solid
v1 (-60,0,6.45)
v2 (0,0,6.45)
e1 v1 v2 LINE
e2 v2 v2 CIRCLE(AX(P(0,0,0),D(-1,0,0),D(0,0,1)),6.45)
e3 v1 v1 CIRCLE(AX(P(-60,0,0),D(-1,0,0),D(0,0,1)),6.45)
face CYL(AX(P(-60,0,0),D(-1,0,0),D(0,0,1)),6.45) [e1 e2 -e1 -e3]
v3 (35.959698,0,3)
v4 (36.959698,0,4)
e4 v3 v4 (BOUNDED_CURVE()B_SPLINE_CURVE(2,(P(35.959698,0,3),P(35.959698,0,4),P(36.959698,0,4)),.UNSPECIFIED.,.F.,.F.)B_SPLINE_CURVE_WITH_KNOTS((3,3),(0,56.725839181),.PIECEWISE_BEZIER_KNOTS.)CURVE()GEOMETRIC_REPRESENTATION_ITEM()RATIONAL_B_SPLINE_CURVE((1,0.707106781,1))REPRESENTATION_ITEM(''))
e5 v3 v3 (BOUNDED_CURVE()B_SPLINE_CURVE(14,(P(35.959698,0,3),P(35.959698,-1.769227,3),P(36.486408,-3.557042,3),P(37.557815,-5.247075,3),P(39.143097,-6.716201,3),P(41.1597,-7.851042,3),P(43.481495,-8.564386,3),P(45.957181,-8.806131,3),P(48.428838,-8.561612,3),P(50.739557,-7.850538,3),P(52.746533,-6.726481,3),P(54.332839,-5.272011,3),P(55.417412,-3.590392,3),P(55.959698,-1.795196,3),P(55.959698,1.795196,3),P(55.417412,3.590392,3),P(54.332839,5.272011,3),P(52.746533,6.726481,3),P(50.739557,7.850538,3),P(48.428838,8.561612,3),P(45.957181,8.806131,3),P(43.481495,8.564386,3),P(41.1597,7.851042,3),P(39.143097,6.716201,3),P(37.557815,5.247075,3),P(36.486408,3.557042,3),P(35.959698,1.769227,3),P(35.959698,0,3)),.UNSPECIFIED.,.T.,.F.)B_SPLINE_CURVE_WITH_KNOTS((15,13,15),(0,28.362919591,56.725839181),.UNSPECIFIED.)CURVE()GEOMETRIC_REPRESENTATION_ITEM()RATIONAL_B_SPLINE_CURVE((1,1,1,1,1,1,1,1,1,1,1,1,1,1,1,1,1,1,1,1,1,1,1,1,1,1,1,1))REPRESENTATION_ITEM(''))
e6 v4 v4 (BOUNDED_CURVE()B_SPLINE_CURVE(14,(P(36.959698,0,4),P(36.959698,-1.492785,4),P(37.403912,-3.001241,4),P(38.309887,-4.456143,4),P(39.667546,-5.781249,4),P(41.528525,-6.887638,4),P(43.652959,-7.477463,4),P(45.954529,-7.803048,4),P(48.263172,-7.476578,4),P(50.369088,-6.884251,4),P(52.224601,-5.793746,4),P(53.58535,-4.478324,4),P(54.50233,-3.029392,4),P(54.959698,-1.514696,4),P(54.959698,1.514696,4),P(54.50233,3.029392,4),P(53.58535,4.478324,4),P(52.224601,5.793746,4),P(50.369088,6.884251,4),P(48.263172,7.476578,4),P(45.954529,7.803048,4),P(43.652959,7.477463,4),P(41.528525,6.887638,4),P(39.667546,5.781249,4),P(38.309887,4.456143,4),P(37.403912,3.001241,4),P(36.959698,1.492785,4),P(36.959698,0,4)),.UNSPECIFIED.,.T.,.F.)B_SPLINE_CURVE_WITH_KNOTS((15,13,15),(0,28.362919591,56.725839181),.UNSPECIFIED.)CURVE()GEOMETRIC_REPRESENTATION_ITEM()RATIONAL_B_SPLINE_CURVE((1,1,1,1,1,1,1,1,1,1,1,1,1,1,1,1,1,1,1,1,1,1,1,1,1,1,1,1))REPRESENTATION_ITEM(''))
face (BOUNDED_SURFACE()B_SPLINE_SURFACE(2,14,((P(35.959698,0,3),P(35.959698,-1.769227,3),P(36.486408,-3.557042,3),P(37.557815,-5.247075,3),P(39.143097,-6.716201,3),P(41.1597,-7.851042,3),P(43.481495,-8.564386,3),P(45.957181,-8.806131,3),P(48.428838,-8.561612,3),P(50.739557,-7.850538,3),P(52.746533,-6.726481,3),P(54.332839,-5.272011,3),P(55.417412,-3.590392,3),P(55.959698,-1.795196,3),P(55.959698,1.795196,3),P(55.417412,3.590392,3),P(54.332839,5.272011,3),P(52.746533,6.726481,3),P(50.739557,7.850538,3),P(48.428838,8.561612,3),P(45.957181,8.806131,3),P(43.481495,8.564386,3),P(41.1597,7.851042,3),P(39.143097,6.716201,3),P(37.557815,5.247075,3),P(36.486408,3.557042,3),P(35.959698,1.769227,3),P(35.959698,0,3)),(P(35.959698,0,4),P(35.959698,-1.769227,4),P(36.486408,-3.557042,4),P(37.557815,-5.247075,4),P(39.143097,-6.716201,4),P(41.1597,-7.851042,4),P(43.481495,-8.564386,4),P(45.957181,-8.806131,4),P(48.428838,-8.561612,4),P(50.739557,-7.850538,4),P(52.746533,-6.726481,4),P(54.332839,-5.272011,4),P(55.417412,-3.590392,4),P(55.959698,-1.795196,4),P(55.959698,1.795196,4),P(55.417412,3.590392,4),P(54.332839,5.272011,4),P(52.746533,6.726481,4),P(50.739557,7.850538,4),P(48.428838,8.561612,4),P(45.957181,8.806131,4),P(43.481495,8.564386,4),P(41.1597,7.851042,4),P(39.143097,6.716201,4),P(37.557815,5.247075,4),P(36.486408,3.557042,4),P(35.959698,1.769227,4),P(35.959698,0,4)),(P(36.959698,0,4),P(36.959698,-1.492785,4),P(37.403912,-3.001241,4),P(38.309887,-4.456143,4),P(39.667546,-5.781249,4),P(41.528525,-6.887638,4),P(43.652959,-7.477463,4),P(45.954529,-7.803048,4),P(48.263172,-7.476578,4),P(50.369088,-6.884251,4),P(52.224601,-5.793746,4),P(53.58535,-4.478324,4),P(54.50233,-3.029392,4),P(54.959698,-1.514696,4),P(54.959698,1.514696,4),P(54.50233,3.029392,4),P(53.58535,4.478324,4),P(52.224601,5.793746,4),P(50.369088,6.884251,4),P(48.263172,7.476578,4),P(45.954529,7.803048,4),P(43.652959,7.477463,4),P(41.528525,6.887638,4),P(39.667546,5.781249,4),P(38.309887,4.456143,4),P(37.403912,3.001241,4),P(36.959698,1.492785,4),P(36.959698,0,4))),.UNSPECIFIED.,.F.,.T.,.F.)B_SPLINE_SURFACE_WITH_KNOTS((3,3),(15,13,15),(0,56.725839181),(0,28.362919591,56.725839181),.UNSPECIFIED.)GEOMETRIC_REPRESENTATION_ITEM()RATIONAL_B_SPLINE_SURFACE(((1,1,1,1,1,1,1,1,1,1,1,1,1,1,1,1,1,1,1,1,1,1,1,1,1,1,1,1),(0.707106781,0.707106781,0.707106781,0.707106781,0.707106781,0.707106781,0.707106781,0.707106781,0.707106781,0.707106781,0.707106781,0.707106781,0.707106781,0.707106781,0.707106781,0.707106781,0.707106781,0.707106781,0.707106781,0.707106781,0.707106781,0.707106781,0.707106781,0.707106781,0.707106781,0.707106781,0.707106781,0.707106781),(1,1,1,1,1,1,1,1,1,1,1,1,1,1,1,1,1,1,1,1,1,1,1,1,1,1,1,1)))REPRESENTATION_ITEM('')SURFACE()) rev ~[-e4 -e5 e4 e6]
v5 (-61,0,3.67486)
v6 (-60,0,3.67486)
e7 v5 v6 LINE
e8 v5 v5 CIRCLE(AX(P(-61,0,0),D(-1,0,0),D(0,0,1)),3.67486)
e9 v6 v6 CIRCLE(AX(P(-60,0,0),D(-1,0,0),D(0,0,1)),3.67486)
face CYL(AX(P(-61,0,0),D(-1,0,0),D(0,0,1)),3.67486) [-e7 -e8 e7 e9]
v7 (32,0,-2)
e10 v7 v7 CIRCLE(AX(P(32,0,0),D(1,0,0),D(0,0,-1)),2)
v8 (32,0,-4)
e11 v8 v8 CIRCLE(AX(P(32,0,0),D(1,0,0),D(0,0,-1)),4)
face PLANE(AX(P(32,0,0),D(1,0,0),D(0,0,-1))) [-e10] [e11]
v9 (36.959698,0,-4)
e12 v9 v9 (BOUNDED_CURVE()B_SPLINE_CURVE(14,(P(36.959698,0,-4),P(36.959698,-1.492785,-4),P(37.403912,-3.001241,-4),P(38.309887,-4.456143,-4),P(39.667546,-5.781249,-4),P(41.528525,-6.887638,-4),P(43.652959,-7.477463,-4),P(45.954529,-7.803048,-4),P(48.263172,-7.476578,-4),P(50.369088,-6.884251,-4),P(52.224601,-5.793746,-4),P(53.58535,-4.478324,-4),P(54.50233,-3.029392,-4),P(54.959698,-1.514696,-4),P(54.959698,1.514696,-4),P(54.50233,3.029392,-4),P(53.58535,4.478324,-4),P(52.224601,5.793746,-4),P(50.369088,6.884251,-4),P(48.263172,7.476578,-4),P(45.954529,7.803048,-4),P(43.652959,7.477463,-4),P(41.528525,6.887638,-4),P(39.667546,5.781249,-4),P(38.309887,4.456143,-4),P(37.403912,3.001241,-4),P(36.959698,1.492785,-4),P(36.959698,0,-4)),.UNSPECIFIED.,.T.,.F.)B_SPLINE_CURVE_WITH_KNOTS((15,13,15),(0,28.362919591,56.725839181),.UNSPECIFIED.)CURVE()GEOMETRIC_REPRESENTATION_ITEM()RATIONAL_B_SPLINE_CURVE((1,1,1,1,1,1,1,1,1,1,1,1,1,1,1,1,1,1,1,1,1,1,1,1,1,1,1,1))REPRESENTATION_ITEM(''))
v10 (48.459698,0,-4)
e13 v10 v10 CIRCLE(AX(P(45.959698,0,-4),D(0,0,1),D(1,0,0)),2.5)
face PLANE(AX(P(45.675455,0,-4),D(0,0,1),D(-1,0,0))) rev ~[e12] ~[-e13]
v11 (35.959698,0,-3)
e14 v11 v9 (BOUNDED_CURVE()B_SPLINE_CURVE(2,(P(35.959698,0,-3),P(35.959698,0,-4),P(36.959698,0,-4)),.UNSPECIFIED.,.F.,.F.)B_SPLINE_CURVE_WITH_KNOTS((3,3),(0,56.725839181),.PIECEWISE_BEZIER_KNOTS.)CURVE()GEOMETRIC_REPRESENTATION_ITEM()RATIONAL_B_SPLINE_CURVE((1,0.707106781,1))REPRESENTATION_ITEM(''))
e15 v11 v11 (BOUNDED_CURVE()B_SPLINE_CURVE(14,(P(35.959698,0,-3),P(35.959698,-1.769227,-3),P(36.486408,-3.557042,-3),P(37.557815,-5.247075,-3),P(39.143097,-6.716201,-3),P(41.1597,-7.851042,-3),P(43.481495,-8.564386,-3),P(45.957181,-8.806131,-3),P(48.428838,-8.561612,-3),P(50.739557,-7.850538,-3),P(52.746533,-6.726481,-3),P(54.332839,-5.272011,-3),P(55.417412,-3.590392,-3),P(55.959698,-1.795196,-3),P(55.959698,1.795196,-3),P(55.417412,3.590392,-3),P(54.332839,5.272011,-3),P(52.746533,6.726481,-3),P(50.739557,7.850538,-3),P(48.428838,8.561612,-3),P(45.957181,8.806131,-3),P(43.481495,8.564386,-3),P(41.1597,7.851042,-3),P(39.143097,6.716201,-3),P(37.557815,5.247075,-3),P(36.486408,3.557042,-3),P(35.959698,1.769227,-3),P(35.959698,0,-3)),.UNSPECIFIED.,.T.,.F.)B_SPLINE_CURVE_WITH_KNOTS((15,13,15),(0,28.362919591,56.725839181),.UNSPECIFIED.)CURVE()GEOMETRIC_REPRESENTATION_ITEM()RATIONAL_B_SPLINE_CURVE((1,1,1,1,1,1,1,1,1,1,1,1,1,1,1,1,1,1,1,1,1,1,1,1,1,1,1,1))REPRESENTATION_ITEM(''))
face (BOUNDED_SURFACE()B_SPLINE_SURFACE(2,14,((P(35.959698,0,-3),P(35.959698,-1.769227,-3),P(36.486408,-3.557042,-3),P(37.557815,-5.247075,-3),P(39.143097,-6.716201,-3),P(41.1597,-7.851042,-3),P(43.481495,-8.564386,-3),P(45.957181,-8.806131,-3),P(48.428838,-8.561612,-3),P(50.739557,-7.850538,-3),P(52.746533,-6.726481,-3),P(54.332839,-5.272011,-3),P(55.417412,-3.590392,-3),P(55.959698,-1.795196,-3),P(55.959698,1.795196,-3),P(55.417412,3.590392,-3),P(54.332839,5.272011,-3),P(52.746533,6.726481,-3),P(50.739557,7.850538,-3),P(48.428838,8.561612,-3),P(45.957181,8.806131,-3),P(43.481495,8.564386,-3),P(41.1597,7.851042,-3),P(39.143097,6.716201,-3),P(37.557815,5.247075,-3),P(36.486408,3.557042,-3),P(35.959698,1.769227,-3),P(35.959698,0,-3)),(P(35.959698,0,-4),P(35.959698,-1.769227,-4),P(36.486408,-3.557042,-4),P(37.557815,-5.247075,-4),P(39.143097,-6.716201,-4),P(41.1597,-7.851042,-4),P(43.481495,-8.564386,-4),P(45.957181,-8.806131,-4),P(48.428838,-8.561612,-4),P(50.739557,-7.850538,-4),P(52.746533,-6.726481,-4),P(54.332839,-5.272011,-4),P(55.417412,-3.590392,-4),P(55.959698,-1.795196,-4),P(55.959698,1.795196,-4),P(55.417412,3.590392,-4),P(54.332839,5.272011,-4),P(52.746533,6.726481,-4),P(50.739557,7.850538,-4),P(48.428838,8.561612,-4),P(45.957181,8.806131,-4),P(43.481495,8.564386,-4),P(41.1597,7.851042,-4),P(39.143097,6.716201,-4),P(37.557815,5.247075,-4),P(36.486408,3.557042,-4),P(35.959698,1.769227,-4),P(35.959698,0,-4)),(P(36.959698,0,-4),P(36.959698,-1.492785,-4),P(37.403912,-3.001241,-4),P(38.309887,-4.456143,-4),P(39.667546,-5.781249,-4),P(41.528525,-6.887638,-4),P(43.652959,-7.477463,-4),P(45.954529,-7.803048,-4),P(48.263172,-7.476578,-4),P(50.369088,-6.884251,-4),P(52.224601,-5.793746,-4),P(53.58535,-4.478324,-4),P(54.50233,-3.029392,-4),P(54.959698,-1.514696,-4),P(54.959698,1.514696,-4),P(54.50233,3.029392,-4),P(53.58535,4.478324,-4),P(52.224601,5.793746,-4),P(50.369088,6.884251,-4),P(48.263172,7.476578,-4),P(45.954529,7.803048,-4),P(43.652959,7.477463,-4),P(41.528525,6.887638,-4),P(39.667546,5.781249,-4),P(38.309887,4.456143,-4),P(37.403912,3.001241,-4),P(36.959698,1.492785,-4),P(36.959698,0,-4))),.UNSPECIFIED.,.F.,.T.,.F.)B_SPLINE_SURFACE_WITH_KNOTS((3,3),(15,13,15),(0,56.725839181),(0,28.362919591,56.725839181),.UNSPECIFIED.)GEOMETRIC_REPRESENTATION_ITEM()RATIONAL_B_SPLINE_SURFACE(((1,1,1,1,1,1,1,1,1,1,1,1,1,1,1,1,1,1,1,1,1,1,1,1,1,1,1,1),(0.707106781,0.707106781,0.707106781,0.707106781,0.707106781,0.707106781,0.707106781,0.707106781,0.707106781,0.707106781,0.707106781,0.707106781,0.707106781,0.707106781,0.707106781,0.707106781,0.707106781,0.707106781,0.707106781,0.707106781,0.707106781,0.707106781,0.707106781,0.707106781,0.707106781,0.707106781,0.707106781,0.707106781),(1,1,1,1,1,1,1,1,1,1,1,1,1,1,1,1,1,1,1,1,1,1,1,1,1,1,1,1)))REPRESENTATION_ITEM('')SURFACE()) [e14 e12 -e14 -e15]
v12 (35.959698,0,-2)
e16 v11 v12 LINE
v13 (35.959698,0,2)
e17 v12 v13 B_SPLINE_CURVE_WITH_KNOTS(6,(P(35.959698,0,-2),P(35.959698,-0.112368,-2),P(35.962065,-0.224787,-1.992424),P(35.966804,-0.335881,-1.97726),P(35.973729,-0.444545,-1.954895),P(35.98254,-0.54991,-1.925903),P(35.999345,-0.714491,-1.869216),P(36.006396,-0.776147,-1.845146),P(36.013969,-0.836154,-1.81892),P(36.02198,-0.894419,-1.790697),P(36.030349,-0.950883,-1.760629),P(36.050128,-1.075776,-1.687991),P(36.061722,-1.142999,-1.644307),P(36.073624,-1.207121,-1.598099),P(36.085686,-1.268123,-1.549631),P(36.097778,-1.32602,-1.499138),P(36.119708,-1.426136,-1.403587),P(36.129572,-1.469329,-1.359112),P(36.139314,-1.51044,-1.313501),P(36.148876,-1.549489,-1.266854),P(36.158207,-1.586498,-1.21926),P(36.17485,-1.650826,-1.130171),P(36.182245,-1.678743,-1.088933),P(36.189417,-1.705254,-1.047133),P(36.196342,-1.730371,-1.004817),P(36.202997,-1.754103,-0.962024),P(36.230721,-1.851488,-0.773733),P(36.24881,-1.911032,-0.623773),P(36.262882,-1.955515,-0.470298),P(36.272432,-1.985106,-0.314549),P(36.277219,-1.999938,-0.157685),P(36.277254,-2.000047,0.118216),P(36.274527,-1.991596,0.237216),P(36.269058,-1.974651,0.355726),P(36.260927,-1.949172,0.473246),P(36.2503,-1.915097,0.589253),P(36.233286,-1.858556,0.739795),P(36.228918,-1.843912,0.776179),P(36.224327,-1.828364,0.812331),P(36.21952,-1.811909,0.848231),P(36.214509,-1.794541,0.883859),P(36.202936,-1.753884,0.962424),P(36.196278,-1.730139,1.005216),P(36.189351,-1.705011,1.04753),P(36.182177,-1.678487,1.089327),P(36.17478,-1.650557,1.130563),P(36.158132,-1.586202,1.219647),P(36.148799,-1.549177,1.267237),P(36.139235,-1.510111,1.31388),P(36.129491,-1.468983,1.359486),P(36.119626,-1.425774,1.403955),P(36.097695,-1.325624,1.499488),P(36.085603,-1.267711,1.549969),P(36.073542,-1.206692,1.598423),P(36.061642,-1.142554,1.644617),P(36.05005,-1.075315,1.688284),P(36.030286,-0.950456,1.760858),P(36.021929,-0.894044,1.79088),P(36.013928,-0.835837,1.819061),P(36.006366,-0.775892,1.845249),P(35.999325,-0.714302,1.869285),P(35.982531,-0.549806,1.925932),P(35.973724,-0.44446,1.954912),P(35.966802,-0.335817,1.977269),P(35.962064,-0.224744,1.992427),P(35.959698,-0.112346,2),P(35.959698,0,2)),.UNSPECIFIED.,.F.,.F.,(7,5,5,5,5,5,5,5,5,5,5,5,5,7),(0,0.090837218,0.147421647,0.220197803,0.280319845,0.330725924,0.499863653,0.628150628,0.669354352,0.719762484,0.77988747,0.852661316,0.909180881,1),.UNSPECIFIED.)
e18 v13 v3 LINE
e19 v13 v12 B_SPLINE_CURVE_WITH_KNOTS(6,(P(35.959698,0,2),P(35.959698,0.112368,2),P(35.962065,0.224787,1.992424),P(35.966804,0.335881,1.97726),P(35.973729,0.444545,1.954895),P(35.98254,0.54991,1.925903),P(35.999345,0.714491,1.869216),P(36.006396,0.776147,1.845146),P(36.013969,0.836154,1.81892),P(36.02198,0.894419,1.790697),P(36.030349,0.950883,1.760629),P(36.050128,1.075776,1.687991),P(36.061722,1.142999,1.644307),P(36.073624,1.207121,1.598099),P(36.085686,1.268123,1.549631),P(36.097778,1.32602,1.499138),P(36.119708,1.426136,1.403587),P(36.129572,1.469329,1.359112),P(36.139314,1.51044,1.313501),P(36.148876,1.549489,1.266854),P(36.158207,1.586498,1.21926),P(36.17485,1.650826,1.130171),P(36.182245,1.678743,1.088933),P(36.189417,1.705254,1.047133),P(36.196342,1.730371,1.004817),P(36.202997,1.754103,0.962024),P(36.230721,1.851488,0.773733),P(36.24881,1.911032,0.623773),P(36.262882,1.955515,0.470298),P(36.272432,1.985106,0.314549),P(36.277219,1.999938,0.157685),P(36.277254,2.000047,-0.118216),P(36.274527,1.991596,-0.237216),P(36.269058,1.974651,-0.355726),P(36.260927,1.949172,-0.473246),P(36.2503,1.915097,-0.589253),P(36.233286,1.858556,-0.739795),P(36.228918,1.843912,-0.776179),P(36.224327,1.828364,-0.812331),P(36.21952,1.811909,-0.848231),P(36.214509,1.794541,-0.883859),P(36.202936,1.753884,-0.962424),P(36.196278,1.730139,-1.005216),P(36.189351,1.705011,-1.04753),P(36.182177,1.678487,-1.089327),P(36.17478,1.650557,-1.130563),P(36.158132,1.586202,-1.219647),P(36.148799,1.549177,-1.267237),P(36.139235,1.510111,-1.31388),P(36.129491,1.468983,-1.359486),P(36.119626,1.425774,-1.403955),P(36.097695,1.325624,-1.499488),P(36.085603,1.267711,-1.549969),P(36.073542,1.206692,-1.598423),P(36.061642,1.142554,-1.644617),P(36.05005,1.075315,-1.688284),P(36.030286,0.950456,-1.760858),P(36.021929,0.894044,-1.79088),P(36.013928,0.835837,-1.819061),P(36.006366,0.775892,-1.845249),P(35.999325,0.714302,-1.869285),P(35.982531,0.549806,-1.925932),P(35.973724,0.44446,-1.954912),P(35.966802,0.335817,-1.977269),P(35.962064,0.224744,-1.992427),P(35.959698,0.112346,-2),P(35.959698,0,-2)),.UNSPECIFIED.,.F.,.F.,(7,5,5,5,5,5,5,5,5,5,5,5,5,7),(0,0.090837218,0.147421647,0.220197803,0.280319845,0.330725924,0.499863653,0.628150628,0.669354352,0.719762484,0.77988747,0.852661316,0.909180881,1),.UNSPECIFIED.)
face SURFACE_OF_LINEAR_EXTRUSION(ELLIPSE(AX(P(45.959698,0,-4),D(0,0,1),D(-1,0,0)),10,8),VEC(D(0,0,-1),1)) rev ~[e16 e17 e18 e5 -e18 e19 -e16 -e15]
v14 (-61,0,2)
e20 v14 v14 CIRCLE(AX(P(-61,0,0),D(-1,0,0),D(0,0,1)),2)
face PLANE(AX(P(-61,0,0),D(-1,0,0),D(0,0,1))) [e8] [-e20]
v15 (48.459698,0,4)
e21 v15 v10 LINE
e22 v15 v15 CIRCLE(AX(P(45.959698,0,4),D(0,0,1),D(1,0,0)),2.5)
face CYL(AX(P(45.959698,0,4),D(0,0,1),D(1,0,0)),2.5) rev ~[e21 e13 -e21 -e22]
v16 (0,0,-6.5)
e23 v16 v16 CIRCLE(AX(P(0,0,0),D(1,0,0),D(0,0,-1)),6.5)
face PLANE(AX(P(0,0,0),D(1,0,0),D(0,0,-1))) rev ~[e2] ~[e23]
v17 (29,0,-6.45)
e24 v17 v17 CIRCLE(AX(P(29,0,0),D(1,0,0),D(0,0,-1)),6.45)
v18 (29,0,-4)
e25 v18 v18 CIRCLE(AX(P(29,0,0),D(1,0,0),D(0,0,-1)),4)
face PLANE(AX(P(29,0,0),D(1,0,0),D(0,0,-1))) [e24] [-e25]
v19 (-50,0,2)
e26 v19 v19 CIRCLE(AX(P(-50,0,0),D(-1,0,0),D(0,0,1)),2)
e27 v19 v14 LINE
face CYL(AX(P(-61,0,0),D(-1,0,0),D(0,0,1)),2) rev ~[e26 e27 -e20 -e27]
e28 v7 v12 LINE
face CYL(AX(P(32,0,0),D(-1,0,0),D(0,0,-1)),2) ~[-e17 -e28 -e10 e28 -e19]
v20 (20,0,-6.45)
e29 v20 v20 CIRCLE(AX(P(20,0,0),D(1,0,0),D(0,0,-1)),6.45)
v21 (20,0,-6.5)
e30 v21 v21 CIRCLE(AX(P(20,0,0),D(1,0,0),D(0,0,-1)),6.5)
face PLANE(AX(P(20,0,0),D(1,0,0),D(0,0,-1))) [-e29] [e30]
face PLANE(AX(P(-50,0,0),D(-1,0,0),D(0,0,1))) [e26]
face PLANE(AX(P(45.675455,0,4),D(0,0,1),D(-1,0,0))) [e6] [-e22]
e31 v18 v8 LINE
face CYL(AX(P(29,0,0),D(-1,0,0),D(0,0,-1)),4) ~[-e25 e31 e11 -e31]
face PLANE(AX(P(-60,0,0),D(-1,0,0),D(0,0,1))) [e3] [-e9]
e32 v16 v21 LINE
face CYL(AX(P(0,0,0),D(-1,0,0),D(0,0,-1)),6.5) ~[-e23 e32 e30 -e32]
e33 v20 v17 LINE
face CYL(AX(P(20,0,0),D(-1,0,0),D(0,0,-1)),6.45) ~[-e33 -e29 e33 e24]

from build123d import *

# Parameters (mm, degrees)
SKETCH1_R                = 6.5
BOSS_EXTRUDE1_DEPTH      = 20
SKETCH2_R                = 6.45
BOSS_EXTRUDE2_DEPTH      = 9
SKETCH3_R                = 4
BOSS_EXTRUDE3_DEPTH      = 3
BOSS_EXTRUDE4_DEPTH      = 4
BOSS_EXTRUDE4_DEPTH_BACK = 4
SKETCH4_RX               = 10
SKETCH4_RY               = 8
FILLET2_R                = 1
SKETCH5_R                = 2
BOSS_EXTRUDE5_DEPTH      = 11.5
SKETCH8_R                = 2.5
CUT_EXTRUDE1_DEPTH       = 58.495545747
BOSS_EXTRUDE6_START      = 60
SKETCH9_R                = 6.45
BOSS_EXTRUDE6_DEPTH      = 60
SKETCH10_R               = 2
CUT_EXTRUDE2_DEPTH       = 10
BOSS_EXTRUDE7_START      = 1
SKETCH11_R               = 3.674860137
SKETCH11_R_2             = 2
BOSS_EXTRUDE7_DEPTH      = 1


with BuildPart() as part:
    # Sketch1 → Boss-Extrude1 (new body)
    with BuildSketch(Plane(origin=(0, 0, 0), x_dir=(0, 0, -1), z_dir=(1, 0, 0))):
        Circle(SKETCH1_R)
    extrude(amount=BOSS_EXTRUDE1_DEPTH)

    # Sketch2 → Boss-Extrude2 (add)
    with BuildSketch(Plane(origin=(20, 0, 0), x_dir=(0, 0, -1), z_dir=(1, 0, 0))):
        Circle(SKETCH2_R)
    extrude(amount=BOSS_EXTRUDE2_DEPTH)

    # Sketch3 → Boss-Extrude3 (add)
    with BuildSketch(Plane(origin=(29, 0, 0), x_dir=(0, 0, -1), z_dir=(1, 0, 0))):
        Circle(SKETCH3_R)
    extrude(amount=BOSS_EXTRUDE3_DEPTH)



with BuildPart() as body_2:
    # Sketch4 → Boss-Extrude4 (new, two sides: drawn at the far end of the back side and taken through both)
    with BuildSketch(Plane.XY.offset(-BOSS_EXTRUDE4_DEPTH_BACK)):
        with Locations(Location((45.959697712, 0), (0, 0, 180))):
            Ellipse(SKETCH4_RX, SKETCH4_RY)
    extrude(amount=BOSS_EXTRUDE4_DEPTH + BOSS_EXTRUDE4_DEPTH_BACK)

    # Fillet2
    fillet2_edges = [body_2.edges().sort_by_distance(p)[0] for p in [
        (55.959697589, 0.00125173, -4),
        (55.959697589, 0.00125173, 4),
    ]]
    fillet(fillet2_edges, radius=FILLET2_R)


with BuildPart() as part_1:
    add(part.part)

    add(body_2.part)  # Boss-Extrude5 merges body 2
    # Sketch5 → Boss-Extrude5 (add)
    with BuildSketch(Plane(origin=(32, 0, 0), x_dir=(0, 0, -1), z_dir=(1, 0, 0))):
        Circle(SKETCH5_R)
    extrude(amount=BOSS_EXTRUDE5_DEPTH)

    # Sketch8 → Cut-Extrude1 (cut, through all)
    with BuildSketch(Plane.XY.offset(4)):
        with Locations((45.959697644, 0)):
            Circle(SKETCH8_R)
    extrude(amount=-CUT_EXTRUDE1_DEPTH, mode=Mode.SUBTRACT)

    # Sketch9 → Boss-Extrude6 (add)
    with BuildSketch(Plane.ZY.offset(BOSS_EXTRUDE6_START)):
        Circle(SKETCH9_R)
    extrude(amount=-BOSS_EXTRUDE6_DEPTH)

    # Sketch10 → Cut-Extrude2 (cut)
    with BuildSketch(Plane.ZY.offset(60)):
        Circle(SKETCH10_R)
    extrude(amount=-CUT_EXTRUDE2_DEPTH, mode=Mode.SUBTRACT)

    # Sketch11 → Boss-Extrude7 (add)
    with BuildSketch(Plane.ZY.offset(60).offset(BOSS_EXTRUDE7_START)):
        Circle(SKETCH11_R)
        Circle(SKETCH11_R_2, mode=Mode.SUBTRACT)
    extrude(amount=-BOSS_EXTRUDE7_DEPTH)


solid = part_1.part
